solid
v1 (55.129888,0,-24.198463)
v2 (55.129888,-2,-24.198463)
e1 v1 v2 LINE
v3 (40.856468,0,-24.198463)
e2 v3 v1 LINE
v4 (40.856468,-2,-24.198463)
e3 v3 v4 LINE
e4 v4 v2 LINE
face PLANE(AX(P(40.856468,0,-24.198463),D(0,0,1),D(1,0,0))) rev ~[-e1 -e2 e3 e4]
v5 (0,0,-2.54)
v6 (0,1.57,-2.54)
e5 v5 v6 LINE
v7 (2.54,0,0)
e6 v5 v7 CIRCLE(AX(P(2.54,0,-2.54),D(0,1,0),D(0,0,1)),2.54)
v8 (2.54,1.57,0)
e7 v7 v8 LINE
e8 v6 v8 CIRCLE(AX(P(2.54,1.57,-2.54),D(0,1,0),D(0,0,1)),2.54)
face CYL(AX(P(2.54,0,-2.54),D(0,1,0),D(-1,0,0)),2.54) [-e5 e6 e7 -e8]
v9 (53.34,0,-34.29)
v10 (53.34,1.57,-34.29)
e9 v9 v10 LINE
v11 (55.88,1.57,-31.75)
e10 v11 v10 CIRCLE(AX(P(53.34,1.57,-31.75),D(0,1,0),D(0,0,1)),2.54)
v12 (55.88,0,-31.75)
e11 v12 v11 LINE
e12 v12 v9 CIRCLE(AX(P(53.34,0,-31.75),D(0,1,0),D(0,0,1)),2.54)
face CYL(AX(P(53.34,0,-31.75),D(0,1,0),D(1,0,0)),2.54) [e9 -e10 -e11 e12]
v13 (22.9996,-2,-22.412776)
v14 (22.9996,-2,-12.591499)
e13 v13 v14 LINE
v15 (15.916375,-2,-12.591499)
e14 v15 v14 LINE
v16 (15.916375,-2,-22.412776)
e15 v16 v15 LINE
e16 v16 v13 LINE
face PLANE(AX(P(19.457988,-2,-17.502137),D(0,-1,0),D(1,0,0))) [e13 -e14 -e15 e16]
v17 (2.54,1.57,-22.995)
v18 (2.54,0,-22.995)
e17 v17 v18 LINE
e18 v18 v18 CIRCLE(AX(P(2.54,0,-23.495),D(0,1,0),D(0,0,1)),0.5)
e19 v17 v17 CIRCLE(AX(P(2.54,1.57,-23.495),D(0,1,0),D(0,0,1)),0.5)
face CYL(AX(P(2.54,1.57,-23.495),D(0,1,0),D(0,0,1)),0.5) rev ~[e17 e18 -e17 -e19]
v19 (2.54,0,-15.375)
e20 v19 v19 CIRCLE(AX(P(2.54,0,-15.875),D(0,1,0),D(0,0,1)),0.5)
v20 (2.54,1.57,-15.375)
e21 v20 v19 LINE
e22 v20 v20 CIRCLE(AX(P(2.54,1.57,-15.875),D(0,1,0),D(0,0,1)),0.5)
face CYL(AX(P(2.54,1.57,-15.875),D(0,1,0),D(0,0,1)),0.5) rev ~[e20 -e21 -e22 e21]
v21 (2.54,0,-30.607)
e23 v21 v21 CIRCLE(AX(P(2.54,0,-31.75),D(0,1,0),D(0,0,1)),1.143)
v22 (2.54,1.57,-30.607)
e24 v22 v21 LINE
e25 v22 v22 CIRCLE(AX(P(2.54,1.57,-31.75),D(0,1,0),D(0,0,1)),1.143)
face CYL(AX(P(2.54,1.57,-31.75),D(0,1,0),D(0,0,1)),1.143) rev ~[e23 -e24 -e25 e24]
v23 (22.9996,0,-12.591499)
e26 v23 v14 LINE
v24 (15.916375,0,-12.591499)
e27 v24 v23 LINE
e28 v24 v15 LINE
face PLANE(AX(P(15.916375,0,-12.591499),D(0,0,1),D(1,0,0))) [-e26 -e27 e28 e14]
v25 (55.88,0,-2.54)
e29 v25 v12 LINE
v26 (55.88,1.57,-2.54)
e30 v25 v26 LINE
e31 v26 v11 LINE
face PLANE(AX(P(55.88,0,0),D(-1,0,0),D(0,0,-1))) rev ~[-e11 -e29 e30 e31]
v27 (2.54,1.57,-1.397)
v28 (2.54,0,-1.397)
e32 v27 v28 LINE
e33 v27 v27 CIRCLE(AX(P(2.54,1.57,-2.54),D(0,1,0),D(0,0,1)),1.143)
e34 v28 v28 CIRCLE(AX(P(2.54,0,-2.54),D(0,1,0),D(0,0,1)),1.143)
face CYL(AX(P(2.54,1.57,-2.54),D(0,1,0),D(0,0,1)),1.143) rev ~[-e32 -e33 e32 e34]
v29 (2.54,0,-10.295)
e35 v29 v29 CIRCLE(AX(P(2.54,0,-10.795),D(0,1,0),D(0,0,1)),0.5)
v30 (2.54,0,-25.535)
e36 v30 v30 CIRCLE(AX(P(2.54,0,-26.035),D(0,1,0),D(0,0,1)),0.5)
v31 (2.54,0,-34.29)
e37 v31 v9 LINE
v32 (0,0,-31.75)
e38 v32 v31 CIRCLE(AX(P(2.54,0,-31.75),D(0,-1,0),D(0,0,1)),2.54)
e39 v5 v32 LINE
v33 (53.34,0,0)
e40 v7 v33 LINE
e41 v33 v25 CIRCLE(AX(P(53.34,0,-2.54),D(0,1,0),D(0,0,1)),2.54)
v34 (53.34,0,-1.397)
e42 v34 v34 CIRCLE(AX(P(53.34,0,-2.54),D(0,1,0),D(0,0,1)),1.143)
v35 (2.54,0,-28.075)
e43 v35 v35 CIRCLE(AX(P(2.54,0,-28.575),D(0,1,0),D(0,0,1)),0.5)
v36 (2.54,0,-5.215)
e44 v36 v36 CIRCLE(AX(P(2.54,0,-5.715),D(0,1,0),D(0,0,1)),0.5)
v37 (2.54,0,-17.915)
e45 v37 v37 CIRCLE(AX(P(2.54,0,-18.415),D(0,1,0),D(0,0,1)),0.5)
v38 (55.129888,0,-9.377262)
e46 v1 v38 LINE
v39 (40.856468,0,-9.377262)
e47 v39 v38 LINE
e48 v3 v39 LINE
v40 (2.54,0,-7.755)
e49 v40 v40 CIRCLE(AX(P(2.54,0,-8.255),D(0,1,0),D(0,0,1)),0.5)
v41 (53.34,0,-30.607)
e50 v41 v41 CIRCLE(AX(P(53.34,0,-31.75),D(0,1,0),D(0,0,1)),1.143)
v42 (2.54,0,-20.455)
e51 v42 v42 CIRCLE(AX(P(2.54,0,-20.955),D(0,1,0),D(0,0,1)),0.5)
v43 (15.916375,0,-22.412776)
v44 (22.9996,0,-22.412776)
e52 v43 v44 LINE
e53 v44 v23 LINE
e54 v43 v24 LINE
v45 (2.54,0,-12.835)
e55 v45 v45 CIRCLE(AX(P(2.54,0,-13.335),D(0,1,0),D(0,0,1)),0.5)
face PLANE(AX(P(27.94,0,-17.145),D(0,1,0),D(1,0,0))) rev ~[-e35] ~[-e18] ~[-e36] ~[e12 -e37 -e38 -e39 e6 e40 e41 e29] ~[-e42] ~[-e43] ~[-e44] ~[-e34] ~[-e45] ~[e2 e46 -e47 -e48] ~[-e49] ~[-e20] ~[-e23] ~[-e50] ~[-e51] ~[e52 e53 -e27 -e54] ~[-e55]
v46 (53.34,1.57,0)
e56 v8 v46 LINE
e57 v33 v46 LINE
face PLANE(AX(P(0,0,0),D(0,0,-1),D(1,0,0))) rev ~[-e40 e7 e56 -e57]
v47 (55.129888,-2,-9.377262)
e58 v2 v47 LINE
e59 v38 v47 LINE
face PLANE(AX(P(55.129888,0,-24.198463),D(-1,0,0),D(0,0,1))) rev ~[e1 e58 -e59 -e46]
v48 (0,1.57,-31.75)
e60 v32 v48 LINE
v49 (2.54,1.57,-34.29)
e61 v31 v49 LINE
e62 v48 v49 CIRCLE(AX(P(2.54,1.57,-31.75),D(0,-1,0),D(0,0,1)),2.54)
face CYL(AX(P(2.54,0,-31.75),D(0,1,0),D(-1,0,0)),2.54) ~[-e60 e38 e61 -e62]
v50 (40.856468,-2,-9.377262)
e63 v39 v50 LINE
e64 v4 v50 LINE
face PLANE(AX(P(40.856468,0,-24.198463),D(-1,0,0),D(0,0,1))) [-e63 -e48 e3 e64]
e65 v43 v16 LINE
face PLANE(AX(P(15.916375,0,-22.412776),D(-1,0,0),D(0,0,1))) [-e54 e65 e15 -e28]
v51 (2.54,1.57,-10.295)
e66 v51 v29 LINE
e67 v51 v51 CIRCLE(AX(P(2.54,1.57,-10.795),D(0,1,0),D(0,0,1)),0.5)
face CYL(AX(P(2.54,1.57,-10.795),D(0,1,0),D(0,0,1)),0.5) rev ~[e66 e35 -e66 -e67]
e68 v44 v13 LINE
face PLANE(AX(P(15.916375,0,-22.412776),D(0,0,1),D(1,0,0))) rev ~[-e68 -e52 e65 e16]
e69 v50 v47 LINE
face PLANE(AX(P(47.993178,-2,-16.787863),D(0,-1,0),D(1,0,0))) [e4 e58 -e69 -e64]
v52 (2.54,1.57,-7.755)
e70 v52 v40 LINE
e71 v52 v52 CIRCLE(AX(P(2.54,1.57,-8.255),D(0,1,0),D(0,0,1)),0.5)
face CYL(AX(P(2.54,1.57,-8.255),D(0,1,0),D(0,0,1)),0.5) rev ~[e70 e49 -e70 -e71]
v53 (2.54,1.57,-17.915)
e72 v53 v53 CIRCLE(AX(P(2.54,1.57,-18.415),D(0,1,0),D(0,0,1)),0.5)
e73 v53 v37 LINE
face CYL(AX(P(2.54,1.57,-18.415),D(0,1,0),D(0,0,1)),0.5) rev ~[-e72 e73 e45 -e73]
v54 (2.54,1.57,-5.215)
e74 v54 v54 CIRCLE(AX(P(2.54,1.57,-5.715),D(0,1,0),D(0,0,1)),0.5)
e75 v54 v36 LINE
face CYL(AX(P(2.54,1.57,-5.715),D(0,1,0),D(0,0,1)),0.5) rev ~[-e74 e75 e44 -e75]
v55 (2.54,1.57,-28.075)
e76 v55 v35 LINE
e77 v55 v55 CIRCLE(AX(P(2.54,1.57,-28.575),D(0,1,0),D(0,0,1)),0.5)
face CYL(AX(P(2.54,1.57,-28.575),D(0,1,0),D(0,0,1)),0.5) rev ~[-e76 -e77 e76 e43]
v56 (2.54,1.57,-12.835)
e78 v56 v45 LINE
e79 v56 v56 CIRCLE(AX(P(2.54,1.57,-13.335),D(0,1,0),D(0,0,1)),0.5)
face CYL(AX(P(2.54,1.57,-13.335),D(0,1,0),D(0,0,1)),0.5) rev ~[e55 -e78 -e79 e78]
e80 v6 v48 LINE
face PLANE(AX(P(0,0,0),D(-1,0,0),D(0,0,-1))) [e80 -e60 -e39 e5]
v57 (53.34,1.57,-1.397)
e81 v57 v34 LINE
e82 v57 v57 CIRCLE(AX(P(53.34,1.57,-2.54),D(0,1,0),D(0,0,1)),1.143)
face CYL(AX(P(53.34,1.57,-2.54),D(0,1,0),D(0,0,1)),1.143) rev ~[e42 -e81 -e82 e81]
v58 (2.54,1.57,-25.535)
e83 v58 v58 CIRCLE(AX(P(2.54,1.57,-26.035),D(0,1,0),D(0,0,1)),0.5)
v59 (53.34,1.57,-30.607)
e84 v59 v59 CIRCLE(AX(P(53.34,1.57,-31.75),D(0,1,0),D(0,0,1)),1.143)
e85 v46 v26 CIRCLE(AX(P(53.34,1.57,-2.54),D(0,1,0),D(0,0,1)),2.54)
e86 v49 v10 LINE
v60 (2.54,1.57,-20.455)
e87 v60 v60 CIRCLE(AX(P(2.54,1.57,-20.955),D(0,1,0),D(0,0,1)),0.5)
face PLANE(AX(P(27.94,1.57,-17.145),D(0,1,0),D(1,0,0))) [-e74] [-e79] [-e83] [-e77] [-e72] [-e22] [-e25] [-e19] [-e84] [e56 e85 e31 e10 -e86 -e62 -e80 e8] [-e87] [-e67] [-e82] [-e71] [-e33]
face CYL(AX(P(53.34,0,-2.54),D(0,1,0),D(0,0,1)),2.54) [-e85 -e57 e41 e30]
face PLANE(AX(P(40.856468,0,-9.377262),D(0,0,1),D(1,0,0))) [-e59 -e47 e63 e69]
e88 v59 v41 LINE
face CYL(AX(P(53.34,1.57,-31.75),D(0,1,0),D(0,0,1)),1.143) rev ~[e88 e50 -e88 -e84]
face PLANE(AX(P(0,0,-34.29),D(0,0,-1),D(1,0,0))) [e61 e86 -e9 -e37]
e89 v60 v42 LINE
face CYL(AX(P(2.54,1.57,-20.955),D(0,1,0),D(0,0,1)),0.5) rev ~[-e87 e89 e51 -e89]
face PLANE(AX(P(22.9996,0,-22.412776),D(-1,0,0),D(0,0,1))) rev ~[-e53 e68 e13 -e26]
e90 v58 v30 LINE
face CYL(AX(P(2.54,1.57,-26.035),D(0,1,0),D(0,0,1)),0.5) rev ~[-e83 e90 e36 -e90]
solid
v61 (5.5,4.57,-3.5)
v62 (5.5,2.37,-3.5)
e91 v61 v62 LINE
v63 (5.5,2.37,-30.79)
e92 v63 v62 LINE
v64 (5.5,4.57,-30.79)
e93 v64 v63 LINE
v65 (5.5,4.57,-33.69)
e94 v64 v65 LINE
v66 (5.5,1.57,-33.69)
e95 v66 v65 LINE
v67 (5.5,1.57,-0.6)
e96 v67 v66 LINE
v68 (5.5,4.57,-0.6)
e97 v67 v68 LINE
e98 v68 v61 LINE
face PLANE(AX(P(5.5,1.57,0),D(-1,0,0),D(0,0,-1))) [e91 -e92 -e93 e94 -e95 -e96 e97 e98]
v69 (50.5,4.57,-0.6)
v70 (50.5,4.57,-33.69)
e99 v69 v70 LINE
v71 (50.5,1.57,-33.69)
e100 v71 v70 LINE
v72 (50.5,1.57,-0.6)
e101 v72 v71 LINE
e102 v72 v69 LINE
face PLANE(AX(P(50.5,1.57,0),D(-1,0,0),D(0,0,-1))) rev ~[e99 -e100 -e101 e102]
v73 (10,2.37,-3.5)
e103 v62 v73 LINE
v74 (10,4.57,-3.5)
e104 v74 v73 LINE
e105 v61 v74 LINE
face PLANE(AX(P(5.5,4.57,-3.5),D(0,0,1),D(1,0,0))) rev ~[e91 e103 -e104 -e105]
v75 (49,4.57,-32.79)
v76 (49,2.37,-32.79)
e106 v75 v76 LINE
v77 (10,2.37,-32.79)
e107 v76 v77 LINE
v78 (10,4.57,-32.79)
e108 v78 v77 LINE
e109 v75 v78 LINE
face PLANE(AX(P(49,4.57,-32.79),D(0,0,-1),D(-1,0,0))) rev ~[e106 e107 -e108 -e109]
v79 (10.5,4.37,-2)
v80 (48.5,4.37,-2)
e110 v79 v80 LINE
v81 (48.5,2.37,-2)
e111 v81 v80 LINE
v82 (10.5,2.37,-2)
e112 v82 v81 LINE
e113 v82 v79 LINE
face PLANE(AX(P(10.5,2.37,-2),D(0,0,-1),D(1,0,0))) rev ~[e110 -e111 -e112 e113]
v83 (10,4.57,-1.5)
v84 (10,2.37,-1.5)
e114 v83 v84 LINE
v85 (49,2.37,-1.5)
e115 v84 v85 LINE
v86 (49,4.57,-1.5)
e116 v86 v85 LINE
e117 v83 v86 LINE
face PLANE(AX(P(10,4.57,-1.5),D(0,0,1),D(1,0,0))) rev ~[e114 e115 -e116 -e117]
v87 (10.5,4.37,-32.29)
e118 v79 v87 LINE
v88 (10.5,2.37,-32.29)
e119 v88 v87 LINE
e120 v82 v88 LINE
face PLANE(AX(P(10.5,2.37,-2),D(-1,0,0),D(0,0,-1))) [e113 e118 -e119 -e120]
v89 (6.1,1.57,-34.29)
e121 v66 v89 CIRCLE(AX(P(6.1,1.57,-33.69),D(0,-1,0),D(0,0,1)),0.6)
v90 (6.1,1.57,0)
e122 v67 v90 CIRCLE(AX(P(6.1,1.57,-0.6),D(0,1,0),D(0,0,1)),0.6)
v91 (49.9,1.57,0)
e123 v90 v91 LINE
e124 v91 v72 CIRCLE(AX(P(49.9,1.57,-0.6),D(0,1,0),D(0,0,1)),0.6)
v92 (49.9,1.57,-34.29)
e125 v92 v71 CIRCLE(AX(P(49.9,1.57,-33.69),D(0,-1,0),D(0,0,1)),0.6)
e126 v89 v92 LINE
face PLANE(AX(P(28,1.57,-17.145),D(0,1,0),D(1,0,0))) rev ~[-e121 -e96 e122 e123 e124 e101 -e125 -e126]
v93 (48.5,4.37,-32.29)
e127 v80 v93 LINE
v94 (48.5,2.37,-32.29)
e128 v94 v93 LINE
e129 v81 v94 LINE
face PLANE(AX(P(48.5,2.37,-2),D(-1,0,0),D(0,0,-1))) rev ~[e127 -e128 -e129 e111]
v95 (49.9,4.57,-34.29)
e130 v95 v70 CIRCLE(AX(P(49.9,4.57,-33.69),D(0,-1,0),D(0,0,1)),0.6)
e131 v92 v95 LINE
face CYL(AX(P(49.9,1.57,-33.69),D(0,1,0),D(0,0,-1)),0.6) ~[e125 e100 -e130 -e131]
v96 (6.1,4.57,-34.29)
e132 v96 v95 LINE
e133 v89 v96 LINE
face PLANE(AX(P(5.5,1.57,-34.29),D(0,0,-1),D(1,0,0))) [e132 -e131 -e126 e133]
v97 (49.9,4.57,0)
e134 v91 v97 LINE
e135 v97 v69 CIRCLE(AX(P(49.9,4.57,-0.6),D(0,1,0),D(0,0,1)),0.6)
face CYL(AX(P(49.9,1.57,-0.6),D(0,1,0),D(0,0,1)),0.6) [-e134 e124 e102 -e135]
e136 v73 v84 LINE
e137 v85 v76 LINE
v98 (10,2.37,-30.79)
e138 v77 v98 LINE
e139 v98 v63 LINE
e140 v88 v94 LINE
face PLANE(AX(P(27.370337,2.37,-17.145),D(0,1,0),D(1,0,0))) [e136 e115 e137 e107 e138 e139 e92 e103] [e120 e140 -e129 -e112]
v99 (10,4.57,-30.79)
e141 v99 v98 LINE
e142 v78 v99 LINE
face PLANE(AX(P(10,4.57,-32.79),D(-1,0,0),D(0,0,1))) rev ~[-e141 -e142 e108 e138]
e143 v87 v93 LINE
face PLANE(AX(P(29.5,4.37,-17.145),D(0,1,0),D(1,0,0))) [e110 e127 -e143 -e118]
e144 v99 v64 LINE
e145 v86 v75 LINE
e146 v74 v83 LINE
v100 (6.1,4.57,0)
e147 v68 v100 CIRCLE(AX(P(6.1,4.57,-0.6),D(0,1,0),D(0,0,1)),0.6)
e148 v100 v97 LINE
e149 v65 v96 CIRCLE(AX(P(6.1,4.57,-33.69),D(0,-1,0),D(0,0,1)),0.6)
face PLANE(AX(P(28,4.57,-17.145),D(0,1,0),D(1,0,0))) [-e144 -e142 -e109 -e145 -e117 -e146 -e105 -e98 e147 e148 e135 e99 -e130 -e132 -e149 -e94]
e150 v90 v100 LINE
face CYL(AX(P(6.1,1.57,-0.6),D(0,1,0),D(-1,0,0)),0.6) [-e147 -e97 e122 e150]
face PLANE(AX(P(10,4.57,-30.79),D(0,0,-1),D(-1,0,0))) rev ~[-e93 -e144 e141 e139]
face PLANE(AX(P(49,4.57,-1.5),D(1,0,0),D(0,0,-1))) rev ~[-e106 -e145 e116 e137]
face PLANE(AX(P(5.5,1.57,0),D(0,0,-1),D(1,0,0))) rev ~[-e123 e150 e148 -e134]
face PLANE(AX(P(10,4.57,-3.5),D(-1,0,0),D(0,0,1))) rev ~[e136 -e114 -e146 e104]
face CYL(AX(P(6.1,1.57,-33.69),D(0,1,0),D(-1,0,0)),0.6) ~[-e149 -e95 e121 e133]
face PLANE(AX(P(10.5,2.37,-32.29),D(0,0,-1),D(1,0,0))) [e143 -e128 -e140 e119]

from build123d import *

# Parameters (mm, degrees)
SKETCH1_W                                     = 55.88
SKETCH1_H                                     = 34.29
CIRCUIT_BOARD_DEPTH                           = 1.57
FILLET1_R                                     = 2.54
SKETCH2_R                                     = 1.143
CUT_EXTRUDE1_DEPTH                            = 66.580815792
SKETCH3_R                                     = 0.5
CUT_EXTRUDE2_DEPTH                            = 66.580815792
CONNECTOR_HOLES_COUNT                         = 10
CONNECTOR_HOLES_PITCH                         = 2.54
SKETCH4_W                                     = 7.083224401
SKETCH4_H                                     = 9.821277531
SKETCH4_W_2                                   = 14.273419681
SKETCH4_H_2                                   = 14.821200637
IC1_AND_SD_CARD_SLOT_APPROXIMATE_SIZE_A_DEPTH = 2
SKETCH5_W                                     = 45
SKETCH5_H                                     = 34.29
BOSS_EXTRUDE3_DEPTH                           = 3
CUT_EXTRUDE3_DEPTH                            = 2.2
SKETCH7_W                                     = 38
SKETCH7_H                                     = 30.29
BOSS_EXTRUDE4_DEPTH                           = 2
FILLET2_R                                     = 0.6


with BuildPart() as part:
    # Sketch1 → Circuit Board (new body)
    with BuildSketch(Plane(origin=(0, 0, 0), x_dir=(1, 0, 0), z_dir=(0, 1, 0))):
        with Locations((27.94, 17.145)):
            Rectangle(SKETCH1_W, SKETCH1_H)
    extrude(amount=CIRCUIT_BOARD_DEPTH)

    # Fillet1
    fillet1_edges = [part.edges().sort_by_distance(p)[0] for p in [
        (0, 0.785, -34.29),
        (55.88, 0.785, -34.29),
        (55.88, 0.785, 0),
        (0, 0.785, 0),
    ]]
    fillet(fillet1_edges, radius=FILLET1_R)

    # Sketch2 → Cut-Extrude1 (cut, through all)
    with BuildSketch(Plane(origin=(0, 1.57, 0), x_dir=(1, 0, 0), z_dir=(0, 1, 0))):
        with Locations(Location((2.54, 31.75, 0), (0, 0, 270))):
            Circle(SKETCH2_R)
        with Locations(Location((53.34, 31.75, 0), (0, 0, 270))):
            Circle(SKETCH2_R)
        with Locations(Location((53.34, 2.54, 0), (0, 0, 270))):
            Circle(SKETCH2_R)
        with Locations(Location((2.54, 2.54, 0), (0, 0, 270))):
            Circle(SKETCH2_R)
    extrude(amount=-CUT_EXTRUDE1_DEPTH, mode=Mode.SUBTRACT)

    # Sketch3 → Cut-Extrude2 (cut, through all)
    with BuildSketch(Plane(origin=(0, 1.57, 0), x_dir=(1, 0, 0), z_dir=(0, 1, 0))):
        with Locations(Location((2.54, 5.715, 0), (0, 0, 270))):
            Circle(SKETCH3_R)
    cut_extrude2 = extrude(amount=-CUT_EXTRUDE2_DEPTH, mode=Mode.SUBTRACT)

    # Connector Holes: Cut-Extrude2 ×10
    with Locations(*[(0, 0, -i * CONNECTOR_HOLES_PITCH) for i in range(1, CONNECTOR_HOLES_COUNT)]):
        add(cut_extrude2, mode=Mode.SUBTRACT)

    # Sketch4 → IC1 and SD card slot (approximate size and location) (add)
    with BuildSketch(Plane.XZ):
        with Locations((19.457987587, -17.502137365)):
            Rectangle(SKETCH4_W, SKETCH4_H)
        with Locations((47.993177866, -16.787862636)):
            Rectangle(SKETCH4_W_2, SKETCH4_H_2)
    extrude(amount=IC1_AND_SD_CARD_SLOT_APPROXIMATE_SIZE_A_DEPTH)


with BuildPart() as body_2:
    # Sketch5 → Boss-Extrude3 (new body)
    with BuildSketch(Plane(origin=(0, 1.57, 0), x_dir=(1, 0, 0), z_dir=(0, 1, 0))):
        with Locations((28, 17.145)):
            Rectangle(SKETCH5_W, SKETCH5_H)
    extrude(amount=BOSS_EXTRUDE3_DEPTH)

    # Sketch6 → Cut-Extrude3 (cut)
    with BuildSketch(Plane(origin=(0, 4.57, 0), x_dir=(1, 0, 0), z_dir=(0, 1, 0))):
        Polygon((10, 32.79), (10, 30.79), (5.5, 30.79), (5.5, 3.5), (10, 3.5), (10, 1.5), (49, 1.5), (49, 32.79), align=None)
    extrude(amount=-CUT_EXTRUDE3_DEPTH, mode=Mode.SUBTRACT)

    # Sketch7 → Boss-Extrude4 (add)
    with BuildSketch(Plane(origin=(0, 2.37, 0), x_dir=(1, 0, 0), z_dir=(0, 1, 0))):
        with Locations((29.5, 17.145)):
            Rectangle(SKETCH7_W, SKETCH7_H)
    extrude(amount=BOSS_EXTRUDE4_DEPTH)

    # Fillet2
    fillet2_edges = [body_2.edges().sort_by_distance(p)[0] for p in [
        (5.5, 3.07, -34.29),
        (50.5, 3.07, -34.29),
        (50.5, 3.07, 0),
        (5.5, 3.07, 0),
    ]]
    fillet(fillet2_edges, radius=FILLET2_R)


solid = Compound([part.part, body_2.part])
